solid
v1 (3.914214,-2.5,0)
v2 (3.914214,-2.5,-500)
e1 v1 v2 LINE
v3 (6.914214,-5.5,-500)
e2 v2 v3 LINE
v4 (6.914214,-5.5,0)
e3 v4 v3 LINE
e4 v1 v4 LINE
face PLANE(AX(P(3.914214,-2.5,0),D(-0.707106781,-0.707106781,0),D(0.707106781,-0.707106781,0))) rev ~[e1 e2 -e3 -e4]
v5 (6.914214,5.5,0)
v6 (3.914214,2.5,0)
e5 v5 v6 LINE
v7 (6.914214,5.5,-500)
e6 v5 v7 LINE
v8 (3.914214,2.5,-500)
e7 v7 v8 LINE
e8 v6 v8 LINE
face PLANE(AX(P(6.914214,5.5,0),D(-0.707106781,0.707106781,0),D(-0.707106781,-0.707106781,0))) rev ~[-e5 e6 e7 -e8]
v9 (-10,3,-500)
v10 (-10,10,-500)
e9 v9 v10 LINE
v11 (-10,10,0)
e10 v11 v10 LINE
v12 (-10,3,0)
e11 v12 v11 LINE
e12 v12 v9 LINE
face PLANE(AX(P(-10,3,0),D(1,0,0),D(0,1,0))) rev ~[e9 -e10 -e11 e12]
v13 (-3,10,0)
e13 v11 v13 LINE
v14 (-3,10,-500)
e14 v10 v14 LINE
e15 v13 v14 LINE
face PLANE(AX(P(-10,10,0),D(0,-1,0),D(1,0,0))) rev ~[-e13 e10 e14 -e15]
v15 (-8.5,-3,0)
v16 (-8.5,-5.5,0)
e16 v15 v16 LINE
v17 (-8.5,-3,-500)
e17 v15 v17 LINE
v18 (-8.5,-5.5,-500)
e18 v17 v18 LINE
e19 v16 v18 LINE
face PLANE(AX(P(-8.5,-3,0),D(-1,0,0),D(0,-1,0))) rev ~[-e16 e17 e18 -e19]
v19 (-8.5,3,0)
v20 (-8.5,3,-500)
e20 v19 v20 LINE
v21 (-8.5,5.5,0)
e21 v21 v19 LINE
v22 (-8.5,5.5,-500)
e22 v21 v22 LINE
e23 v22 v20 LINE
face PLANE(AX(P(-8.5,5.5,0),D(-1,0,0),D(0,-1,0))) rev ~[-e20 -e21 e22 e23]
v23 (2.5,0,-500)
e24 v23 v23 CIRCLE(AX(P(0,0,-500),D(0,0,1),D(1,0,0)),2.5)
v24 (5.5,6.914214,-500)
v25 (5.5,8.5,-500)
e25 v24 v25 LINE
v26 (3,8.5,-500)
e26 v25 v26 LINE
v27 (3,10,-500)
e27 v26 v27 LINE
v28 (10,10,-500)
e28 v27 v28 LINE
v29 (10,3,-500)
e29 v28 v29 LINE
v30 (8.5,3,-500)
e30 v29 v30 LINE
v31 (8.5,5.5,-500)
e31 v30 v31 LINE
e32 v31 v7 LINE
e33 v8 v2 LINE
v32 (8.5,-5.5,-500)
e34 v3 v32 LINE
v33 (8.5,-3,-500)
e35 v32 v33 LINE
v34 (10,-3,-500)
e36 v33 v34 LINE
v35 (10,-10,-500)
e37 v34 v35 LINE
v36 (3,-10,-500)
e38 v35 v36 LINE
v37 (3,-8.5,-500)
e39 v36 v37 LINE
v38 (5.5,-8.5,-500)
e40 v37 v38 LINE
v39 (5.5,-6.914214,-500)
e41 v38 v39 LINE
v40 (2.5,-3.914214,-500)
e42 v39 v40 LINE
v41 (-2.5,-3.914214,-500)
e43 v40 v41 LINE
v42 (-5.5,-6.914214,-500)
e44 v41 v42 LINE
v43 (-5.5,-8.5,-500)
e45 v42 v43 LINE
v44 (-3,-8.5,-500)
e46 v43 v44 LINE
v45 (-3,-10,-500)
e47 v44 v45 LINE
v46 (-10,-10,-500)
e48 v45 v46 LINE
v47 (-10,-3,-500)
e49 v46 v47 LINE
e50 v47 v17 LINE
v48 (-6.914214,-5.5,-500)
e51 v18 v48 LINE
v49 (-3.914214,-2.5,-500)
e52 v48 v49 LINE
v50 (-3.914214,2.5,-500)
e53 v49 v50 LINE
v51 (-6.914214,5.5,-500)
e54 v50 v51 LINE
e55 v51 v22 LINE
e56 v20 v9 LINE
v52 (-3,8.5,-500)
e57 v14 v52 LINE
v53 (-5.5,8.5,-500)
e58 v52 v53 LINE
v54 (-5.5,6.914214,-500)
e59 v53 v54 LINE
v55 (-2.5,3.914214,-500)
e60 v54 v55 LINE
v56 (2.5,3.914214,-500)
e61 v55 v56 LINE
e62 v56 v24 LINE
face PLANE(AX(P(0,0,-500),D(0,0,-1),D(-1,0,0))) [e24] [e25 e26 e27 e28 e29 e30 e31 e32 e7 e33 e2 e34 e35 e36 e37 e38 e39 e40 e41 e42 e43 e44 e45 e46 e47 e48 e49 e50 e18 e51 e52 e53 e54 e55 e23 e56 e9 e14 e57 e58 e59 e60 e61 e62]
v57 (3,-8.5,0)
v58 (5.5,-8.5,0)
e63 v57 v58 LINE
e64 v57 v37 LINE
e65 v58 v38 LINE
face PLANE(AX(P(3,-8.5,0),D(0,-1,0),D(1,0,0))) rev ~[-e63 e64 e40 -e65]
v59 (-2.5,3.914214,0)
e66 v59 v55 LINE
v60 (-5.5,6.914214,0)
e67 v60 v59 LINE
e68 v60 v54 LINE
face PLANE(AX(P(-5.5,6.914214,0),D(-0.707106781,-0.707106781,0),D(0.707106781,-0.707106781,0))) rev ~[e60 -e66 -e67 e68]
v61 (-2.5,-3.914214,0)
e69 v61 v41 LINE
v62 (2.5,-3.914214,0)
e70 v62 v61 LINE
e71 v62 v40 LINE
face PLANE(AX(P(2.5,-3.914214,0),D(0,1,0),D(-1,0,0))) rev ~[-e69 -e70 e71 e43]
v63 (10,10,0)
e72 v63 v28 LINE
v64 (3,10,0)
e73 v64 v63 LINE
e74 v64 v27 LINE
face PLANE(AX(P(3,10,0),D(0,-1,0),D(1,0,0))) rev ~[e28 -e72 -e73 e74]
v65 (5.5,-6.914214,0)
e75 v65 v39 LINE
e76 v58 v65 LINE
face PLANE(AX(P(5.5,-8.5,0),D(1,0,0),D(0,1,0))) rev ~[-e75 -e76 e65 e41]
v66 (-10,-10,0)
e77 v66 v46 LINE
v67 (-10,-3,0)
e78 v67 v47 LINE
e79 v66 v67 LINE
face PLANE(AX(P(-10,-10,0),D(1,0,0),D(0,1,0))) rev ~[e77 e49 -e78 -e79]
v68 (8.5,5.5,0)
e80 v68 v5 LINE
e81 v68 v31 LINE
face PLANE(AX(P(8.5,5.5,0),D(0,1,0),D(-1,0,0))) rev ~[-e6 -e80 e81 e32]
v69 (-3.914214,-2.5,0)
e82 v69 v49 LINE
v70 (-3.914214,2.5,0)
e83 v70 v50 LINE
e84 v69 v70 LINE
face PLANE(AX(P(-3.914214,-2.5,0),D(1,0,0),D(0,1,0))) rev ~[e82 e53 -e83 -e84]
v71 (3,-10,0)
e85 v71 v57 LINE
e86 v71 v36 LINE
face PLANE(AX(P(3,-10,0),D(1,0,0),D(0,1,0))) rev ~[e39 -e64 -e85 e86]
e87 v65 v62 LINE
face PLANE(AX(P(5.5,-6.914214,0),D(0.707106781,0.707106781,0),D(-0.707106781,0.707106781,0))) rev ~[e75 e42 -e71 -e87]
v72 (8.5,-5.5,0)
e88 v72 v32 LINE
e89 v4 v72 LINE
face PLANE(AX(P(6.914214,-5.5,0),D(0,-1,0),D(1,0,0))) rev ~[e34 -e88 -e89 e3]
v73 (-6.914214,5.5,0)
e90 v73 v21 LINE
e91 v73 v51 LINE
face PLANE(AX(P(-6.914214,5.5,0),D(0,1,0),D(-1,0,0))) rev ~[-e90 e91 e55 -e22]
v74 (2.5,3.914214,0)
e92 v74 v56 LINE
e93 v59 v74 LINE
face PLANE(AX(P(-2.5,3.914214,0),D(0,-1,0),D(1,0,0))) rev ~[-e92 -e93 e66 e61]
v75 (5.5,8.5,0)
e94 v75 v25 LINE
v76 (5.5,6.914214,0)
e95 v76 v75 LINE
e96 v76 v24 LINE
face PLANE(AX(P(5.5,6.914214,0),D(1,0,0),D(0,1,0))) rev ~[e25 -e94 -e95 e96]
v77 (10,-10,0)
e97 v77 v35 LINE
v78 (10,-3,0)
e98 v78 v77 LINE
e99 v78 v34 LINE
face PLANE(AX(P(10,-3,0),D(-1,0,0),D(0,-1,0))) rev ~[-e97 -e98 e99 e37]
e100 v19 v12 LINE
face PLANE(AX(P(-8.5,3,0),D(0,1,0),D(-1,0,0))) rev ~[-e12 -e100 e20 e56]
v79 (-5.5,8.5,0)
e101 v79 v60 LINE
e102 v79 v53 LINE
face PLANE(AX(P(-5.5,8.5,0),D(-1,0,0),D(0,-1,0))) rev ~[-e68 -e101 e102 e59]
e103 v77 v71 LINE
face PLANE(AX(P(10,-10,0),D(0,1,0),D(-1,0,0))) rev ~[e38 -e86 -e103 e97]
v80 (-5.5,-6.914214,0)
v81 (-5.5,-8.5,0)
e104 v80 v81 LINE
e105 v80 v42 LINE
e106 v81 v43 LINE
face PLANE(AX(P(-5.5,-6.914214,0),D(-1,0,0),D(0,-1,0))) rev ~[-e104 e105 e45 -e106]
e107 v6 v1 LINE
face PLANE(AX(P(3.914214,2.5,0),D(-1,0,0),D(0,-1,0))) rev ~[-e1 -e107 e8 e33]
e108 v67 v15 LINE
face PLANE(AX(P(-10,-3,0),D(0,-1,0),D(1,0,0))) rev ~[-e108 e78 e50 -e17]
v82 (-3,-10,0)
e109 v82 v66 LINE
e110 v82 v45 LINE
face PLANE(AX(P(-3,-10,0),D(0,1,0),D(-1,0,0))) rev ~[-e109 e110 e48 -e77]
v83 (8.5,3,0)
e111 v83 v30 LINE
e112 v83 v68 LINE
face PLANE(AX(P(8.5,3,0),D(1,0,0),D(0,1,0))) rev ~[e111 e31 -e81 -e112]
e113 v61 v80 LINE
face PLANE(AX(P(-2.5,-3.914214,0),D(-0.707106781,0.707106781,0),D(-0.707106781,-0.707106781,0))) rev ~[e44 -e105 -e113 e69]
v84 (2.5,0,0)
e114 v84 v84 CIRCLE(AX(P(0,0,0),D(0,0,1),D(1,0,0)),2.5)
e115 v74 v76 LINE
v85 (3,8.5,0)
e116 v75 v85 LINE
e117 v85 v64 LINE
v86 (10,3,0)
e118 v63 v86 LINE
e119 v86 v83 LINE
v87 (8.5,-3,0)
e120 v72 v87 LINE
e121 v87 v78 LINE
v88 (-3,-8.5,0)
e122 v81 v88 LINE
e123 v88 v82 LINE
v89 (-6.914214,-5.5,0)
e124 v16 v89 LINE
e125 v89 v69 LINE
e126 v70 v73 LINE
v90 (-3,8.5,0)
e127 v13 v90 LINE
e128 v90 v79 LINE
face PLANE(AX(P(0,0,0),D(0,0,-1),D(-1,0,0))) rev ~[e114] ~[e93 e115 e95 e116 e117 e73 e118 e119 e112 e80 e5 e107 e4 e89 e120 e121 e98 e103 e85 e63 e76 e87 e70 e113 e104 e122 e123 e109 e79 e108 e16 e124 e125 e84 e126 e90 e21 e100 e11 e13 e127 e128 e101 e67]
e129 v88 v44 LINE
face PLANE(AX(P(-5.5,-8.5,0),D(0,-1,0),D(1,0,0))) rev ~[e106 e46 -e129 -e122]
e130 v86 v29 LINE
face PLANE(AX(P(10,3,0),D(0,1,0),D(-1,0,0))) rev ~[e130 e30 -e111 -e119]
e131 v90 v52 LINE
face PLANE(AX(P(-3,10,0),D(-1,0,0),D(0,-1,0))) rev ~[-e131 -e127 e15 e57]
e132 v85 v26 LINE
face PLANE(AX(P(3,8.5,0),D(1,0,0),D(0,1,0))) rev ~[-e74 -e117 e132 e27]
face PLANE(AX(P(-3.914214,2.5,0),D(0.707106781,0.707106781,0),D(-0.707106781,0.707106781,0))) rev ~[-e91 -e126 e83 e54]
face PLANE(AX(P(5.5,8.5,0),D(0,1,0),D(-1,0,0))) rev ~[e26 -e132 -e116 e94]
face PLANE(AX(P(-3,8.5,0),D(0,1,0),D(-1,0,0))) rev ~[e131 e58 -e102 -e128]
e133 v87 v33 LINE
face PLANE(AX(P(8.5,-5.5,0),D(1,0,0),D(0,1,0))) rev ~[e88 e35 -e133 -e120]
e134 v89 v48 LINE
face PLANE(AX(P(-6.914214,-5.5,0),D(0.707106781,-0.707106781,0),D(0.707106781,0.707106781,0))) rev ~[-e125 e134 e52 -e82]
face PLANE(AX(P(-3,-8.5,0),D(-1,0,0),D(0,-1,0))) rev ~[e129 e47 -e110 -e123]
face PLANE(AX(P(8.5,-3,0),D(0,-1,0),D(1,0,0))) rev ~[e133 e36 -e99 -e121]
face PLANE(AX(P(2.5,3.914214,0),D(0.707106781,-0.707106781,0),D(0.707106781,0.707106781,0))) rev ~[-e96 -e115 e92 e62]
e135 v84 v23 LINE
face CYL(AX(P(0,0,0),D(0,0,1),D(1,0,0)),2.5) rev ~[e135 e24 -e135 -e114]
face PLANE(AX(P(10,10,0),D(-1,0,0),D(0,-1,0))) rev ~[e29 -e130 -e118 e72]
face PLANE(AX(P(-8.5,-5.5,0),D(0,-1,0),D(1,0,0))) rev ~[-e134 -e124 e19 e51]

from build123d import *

# Parameters (mm, degrees)
SKETCH1_R           = 2.5
BOSS_EXTRUDE1_DEPTH = 500


with BuildPart() as part:
    # Sketch1 → Boss-Extrude1 (new body)
    with BuildSketch(Plane.XY):
        Polygon((-10, 3), (-10, 10), (-3, 10), (-3, 8.5), (-5.5, 8.5), (-5.5, 6.914213562), (-2.5, 3.914213562), (2.5, 3.914213562), (5.5, 6.914213562), (5.5, 8.5), (3, 8.5), (3, 10), (10, 10), (10, 3), (8.5, 3), (8.5, 5.5), (6.914213562, 5.5), (3.914213562, 2.5), (3.914213562, -2.5), (6.914213562, -5.5), (8.5, -5.5), (8.5, -3), (10, -3), (10, -10), (3, -10), (3, -8.5), (5.5, -8.5), (5.5, -6.914213562), (2.5, -3.914213562), (-2.5, -3.914213562), (-5.5, -6.914213562), (-5.5, -8.5), (-3, -8.5), (-3, -10), (-10, -10), (-10, -3), (-8.5, -3), (-8.5, -5.5), (-6.914213562, -5.5), (-3.914213562, -2.5), (-3.914213562, 2.5), (-6.914213562, 5.5), (-8.5, 5.5), (-8.5, 3), align=None)
        Circle(SKETCH1_R, mode=Mode.SUBTRACT)
    extrude(amount=-BOSS_EXTRUDE1_DEPTH)


solid = part.part
